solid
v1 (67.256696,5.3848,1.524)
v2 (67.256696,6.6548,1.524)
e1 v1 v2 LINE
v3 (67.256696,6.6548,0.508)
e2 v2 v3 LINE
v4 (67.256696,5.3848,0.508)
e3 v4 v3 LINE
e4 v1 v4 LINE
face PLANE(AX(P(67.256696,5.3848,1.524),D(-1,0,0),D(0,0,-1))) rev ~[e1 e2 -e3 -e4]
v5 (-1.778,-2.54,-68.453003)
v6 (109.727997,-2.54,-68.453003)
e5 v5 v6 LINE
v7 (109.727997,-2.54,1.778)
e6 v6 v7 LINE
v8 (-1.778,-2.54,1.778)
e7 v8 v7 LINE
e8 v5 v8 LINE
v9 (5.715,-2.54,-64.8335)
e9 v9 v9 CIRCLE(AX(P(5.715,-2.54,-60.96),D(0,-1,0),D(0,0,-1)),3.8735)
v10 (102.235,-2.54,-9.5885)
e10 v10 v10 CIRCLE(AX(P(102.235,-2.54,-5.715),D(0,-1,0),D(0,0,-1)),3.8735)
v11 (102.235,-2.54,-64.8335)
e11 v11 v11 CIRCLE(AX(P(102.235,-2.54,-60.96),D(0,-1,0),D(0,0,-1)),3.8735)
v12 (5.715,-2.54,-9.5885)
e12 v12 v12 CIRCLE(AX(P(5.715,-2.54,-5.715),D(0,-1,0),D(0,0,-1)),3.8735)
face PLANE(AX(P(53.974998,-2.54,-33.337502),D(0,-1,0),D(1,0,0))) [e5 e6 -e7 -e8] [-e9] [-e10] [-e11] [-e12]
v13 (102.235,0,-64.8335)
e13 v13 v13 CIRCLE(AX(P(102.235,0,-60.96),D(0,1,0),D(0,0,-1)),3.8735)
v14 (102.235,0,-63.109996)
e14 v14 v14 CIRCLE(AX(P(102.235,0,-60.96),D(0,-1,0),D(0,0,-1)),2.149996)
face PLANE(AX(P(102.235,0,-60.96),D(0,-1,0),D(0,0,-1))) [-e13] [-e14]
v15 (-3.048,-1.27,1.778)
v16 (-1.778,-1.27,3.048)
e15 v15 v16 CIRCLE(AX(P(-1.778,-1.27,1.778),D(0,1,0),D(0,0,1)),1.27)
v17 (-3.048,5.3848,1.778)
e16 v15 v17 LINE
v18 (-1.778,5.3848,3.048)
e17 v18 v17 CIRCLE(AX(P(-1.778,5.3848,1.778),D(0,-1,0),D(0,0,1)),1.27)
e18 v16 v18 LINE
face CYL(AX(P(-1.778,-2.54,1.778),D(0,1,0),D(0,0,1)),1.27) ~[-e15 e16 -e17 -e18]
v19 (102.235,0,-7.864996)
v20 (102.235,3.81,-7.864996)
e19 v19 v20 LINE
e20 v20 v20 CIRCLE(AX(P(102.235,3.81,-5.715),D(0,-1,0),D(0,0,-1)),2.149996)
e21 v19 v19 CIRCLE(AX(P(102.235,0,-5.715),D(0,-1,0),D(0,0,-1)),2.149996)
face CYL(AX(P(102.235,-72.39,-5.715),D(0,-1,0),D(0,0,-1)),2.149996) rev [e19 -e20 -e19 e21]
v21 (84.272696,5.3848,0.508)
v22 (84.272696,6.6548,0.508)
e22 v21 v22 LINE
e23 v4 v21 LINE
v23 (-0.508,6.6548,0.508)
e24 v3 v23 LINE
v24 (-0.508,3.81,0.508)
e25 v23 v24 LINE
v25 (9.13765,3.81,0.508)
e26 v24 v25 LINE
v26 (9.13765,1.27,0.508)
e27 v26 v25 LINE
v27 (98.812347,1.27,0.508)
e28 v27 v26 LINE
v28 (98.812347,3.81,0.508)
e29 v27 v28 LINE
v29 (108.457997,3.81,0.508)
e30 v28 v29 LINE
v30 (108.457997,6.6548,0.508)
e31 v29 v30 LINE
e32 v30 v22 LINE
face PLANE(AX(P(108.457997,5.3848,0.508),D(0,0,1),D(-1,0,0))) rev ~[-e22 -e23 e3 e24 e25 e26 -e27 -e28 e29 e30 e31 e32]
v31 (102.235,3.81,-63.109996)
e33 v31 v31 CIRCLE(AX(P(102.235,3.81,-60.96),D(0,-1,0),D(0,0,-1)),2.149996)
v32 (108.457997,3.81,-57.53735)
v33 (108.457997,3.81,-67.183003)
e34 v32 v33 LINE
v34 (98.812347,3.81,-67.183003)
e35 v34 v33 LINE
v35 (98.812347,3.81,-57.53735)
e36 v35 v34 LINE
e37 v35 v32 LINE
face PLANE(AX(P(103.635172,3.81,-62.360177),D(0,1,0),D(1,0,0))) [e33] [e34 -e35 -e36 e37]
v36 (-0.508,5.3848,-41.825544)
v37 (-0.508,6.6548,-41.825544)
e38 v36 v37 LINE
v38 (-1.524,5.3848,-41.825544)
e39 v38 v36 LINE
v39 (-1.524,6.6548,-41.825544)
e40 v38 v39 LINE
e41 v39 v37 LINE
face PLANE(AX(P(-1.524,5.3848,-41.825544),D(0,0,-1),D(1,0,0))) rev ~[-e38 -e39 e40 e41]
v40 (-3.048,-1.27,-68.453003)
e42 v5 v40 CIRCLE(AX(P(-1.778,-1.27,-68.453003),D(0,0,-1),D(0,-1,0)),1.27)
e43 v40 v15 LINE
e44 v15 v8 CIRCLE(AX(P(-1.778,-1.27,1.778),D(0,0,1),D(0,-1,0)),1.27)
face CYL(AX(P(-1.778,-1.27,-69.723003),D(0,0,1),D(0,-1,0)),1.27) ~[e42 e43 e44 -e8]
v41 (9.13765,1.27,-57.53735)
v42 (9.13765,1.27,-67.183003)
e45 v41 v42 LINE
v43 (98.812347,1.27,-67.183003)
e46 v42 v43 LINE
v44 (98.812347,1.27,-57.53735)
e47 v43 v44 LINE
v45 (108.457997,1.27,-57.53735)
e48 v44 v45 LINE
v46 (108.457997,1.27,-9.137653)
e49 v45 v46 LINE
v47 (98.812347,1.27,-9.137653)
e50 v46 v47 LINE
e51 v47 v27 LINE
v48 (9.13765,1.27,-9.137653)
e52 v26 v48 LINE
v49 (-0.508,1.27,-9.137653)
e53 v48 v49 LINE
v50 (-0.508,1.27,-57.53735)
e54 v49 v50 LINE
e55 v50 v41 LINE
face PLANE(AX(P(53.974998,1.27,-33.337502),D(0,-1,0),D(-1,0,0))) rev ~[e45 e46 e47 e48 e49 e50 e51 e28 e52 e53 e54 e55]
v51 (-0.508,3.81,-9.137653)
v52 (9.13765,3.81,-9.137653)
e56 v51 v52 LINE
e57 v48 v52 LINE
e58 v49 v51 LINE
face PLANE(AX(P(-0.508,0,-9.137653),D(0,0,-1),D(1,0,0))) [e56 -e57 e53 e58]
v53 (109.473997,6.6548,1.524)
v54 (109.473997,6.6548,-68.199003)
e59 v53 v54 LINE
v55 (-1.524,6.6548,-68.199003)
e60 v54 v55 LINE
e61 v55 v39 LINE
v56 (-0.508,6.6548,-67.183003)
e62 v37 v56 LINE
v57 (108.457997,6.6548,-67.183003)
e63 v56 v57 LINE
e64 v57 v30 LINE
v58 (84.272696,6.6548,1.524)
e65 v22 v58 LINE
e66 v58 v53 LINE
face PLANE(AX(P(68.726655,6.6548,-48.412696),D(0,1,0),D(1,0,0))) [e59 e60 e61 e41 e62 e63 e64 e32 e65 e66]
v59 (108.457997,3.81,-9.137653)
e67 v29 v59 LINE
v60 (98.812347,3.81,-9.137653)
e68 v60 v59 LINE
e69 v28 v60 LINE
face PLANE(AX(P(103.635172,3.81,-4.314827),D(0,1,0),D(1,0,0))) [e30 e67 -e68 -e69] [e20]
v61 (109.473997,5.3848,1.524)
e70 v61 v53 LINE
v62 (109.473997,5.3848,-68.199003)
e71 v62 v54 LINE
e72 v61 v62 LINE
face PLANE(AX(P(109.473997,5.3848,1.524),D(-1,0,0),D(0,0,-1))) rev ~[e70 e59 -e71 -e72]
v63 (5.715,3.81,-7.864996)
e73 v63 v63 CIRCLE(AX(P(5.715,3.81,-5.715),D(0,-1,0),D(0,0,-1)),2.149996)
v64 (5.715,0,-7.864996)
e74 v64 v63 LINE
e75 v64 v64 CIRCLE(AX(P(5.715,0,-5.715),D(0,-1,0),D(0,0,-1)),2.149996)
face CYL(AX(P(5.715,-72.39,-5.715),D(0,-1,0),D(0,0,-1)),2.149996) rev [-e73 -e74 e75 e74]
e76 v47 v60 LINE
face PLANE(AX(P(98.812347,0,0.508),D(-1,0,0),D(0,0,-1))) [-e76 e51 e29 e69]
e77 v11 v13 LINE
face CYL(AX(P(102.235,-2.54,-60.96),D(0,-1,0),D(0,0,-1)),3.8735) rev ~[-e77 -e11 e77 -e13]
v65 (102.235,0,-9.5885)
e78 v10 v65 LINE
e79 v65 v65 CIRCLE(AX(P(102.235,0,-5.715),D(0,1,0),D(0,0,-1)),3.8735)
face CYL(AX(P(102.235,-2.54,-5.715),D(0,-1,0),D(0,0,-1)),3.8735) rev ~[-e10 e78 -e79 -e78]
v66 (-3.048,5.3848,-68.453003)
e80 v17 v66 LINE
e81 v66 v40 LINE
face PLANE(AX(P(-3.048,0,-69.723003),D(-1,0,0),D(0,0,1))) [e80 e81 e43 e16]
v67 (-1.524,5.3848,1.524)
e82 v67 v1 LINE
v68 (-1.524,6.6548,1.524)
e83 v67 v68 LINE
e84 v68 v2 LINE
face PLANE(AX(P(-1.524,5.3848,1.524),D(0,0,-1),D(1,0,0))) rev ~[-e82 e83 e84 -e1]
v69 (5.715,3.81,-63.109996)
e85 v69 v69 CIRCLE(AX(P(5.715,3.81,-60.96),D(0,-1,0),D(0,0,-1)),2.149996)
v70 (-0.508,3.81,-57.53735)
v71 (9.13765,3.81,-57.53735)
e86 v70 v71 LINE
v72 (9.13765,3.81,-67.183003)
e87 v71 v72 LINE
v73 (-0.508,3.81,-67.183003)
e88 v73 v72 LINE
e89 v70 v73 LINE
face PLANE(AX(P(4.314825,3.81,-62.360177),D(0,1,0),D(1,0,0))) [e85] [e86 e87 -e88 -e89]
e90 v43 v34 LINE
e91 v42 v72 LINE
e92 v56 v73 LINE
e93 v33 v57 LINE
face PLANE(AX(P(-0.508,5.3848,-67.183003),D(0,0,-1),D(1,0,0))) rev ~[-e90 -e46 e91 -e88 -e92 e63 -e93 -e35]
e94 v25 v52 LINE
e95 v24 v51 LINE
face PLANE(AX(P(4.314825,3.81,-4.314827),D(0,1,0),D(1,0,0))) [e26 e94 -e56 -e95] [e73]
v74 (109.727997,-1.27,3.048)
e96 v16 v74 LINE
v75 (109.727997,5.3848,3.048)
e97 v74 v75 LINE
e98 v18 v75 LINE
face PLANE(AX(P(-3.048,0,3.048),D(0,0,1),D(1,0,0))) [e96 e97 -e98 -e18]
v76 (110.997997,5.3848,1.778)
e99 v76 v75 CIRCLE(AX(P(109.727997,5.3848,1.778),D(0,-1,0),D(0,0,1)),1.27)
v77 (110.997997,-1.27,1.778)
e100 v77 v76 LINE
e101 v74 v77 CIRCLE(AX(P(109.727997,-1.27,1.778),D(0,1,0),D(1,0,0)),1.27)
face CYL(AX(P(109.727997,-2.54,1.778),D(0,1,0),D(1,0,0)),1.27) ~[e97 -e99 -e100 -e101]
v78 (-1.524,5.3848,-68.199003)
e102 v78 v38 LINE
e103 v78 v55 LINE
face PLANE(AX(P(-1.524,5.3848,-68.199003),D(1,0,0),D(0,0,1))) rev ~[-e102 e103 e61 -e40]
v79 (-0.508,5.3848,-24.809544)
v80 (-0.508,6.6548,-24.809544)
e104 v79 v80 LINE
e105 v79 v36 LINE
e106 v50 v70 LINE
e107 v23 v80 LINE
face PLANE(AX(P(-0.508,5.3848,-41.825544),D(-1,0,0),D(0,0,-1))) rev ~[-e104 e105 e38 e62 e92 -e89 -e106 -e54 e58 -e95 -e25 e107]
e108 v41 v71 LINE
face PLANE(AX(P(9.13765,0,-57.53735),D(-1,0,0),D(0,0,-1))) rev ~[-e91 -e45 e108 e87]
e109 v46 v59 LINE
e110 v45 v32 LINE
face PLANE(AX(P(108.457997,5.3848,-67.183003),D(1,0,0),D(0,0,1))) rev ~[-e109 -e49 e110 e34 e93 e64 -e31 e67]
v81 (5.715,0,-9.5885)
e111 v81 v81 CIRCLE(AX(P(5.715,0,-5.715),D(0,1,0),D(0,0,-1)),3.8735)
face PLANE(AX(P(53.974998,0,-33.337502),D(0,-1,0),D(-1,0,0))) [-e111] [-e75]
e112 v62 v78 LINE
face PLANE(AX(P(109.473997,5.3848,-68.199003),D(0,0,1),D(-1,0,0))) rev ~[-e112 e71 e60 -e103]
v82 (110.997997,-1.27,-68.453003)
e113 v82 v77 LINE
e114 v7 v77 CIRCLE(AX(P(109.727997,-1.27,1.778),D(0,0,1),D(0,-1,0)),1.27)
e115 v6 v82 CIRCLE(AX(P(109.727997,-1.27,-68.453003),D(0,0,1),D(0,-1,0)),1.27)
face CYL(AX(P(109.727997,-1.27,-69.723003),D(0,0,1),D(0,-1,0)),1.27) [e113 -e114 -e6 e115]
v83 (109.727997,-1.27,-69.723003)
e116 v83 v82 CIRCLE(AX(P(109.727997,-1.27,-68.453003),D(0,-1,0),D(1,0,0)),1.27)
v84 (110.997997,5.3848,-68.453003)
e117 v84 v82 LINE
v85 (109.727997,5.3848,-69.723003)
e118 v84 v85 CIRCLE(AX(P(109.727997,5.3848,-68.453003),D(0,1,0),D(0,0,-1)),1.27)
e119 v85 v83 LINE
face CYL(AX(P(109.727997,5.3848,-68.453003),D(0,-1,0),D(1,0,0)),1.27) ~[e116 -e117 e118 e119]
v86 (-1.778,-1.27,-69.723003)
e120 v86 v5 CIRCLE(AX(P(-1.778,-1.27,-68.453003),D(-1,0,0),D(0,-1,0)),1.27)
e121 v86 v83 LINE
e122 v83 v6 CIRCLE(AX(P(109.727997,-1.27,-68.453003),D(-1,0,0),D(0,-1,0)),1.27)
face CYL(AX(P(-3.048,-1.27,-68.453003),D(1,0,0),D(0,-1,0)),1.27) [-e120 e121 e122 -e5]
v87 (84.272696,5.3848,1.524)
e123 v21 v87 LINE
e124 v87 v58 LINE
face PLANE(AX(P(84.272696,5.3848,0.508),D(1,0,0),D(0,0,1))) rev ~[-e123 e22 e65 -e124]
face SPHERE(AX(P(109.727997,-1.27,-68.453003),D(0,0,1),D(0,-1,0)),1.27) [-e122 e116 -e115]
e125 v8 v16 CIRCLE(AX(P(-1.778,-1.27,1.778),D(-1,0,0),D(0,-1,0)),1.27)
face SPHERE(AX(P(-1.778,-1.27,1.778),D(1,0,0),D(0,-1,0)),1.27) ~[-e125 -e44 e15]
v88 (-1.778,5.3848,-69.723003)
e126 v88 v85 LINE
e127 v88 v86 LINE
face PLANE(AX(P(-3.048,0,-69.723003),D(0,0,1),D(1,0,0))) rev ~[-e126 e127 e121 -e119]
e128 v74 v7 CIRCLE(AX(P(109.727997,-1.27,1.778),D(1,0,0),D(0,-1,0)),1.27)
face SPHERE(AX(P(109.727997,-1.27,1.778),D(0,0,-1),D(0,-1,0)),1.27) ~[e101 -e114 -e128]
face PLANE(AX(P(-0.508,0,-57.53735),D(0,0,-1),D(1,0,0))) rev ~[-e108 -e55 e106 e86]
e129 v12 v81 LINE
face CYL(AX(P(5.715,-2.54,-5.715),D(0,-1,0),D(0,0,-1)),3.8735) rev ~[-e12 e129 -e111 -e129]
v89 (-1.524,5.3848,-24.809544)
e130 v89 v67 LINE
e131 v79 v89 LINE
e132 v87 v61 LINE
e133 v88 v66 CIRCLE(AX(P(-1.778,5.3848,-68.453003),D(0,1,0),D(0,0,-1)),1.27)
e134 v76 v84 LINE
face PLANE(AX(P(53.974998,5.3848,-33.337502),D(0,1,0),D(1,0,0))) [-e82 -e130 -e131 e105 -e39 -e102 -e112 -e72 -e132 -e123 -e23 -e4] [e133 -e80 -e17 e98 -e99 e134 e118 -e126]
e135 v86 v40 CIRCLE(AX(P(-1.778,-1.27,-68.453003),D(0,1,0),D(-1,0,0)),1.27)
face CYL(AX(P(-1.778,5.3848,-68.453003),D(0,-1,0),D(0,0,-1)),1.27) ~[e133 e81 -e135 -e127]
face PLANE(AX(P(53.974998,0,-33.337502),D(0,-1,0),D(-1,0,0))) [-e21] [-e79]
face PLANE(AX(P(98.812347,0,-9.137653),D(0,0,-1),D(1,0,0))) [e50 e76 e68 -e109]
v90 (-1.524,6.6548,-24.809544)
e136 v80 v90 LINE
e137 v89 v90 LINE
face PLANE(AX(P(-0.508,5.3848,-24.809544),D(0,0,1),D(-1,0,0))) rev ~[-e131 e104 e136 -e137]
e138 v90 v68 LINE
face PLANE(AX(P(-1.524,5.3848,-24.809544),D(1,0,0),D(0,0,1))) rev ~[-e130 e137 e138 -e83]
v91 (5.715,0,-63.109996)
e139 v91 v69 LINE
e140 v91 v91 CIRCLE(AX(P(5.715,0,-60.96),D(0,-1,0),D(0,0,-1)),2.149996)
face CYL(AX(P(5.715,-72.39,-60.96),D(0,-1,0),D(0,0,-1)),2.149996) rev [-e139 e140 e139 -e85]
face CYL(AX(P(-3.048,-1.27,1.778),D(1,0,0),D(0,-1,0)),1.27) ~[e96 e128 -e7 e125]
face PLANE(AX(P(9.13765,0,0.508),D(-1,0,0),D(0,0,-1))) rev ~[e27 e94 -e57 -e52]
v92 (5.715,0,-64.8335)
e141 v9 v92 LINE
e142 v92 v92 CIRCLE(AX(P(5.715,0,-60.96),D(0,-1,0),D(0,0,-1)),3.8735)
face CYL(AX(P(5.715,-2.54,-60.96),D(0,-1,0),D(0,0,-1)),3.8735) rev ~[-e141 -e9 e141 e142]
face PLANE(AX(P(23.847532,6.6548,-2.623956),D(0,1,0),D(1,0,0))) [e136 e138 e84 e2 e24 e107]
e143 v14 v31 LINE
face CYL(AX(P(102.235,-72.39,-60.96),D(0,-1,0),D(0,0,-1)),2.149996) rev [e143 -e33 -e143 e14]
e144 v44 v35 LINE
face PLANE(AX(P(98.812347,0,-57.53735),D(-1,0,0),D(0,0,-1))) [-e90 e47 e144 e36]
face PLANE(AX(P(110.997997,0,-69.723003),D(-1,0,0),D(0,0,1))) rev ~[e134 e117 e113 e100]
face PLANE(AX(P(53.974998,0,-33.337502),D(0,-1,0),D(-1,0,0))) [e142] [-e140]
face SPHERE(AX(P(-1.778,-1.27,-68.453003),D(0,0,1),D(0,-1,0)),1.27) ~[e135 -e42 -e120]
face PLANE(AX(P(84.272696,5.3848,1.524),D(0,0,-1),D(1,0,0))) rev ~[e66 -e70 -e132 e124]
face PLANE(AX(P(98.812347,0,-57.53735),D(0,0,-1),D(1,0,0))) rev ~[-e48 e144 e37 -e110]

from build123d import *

# Parameters (mm, degrees)
SKETCH1_W               = 114.045996948
SKETCH1_H               = 72.771003052
SKETCH1_W_2             = 108.965996948
SKETCH1_H_2             = 67.691003052
BOSS_EXTRUDE1_DEPTH     = 5.3848
SKETCH2_W               = 114.045996948
SKETCH2_H               = 72.771003052
BOSS_EXTRUDE2_DEPTH     = 2.54
SKETCH3_W               = 9.64565
SKETCH3_H               = 9.645653052
BOSS_EXTRUDE3_DEPTH     = 3.81
CUT_EXTRUDE1_DEPTH      = 132.233284578
CUT_EXTRUDE1_DEPTH_BACK = 76.2
SKETCH4_R               = 2.1499957
SKETCH5_R               = 3.8735
CUT_EXTRUDE2_DEPTH      = 2.54
BOSS_EXTRUDE4_DEPTH     = 1.27
BOSS_EXTRUDE5_DEPTH     = 1.27
FILLET1_R               = 1.27


with BuildPart() as part:
    # Sketch1 → Boss-Extrude1 (new body)
    with BuildSketch(Plane(origin=(0, 0, 0), x_dir=(1, 0, 0), z_dir=(0, 1, 0))):
        with Locations((53.974998474, 33.337501526)):
            Rectangle(SKETCH1_W, SKETCH1_H)
        with Locations((53.974998474, 33.337501526)):
            Rectangle(SKETCH1_W_2, SKETCH1_H_2, mode=Mode.SUBTRACT)
    extrude(amount=BOSS_EXTRUDE1_DEPTH)

    # Sketch2 → Boss-Extrude2 (add)
    with BuildSketch(Plane.XZ):
        with Locations((53.974998474, -33.337501526)):
            Rectangle(SKETCH2_W, SKETCH2_H)
    extrude(amount=BOSS_EXTRUDE2_DEPTH)

    # Sketch3 → Boss-Extrude3 (add)
    with BuildSketch(Plane(origin=(0, 0, 0), x_dir=(1, 0, 0), z_dir=(0, 1, 0))):
        with Locations((4.314825, 62.360176526)):
            Rectangle(SKETCH3_W, SKETCH3_H)
        with Locations((103.635171948, 62.360176526)):
            Rectangle(SKETCH3_W, SKETCH3_H)
        with Locations((103.635171948, 4.314826526)):
            Rectangle(SKETCH3_W, SKETCH3_H)
        with Locations((4.314825, 4.314826526)):
            Rectangle(SKETCH3_W, SKETCH3_H)
    extrude(amount=BOSS_EXTRUDE3_DEPTH)

    # Sketch4 → Cut-Extrude1 (cut, two sides: drawn at the far end of the back side and taken through both)
    with BuildSketch(Plane(origin=(0, 3.81, 0), x_dir=(1, 0, 0), z_dir=(0, 1, 0)).offset(-CUT_EXTRUDE1_DEPTH_BACK)):
        with Locations(Location((5.715, 60.96, 0), (0, 0, 90))):
            Circle(SKETCH4_R)
        with Locations(Location((5.715, 5.715, 0), (0, 0, 90))):
            Circle(SKETCH4_R)
        with Locations(Location((102.235, 5.715, 0), (0, 0, 90))):
            Circle(SKETCH4_R)
        with Locations(Location((102.235, 60.96, 0), (0, 0, 90))):
            Circle(SKETCH4_R)
    extrude(amount=CUT_EXTRUDE1_DEPTH + CUT_EXTRUDE1_DEPTH_BACK, mode=Mode.SUBTRACT)

    # Sketch5 → Cut-Extrude2 (cut)
    with BuildSketch(Plane.XZ.offset(2.54)):
        with Locations(Location((5.715, -60.96, 0), (0, 0, 270))):
            Circle(SKETCH5_R)
        with Locations(Location((5.715, -5.715, 0), (0, 0, 270))):
            Circle(SKETCH5_R)
        with Locations(Location((102.235, -60.96, 0), (0, 0, 270))):
            Circle(SKETCH5_R)
        with Locations(Location((102.235, -5.715, 0), (0, 0, 270))):
            Circle(SKETCH5_R)
    extrude(amount=-CUT_EXTRUDE2_DEPTH, mode=Mode.SUBTRACT)

    # Sketch6 → Boss-Extrude4 (add)
    with BuildSketch(Plane(origin=(0, 0, 0), x_dir=(1, 0, 0), z_dir=(0, 1, 0))):
        Polygon((9.13765, 67.183003052), (98.812346948, 67.183003052), (98.812346948, 57.53735), (108.457996948, 57.53735), (108.457996948, 9.137653052), (98.812346948, 9.137653052), (98.812346948, -0.508), (9.13765, -0.508), (9.13765, 9.137653052), (-0.508, 9.137653052), (-0.508, 57.53735), (9.13765, 57.53735), align=None)
    extrude(amount=BOSS_EXTRUDE4_DEPTH)

    # Sketch7 → Boss-Extrude5 (add)
    with BuildSketch(Plane(origin=(0, 5.3848, 0), x_dir=(1, 0, 0), z_dir=(0, 1, 0))):
        Polygon((-0.508, 67.183003052), (108.457996948, 67.183003052), (108.457996948, -0.508), (84.272696176, -0.508), (84.272696176, -1.524), (109.473996948, -1.524), (109.473996948, 68.199003052), (-1.524, 68.199003052), (-1.524, 41.825543933), (-0.508, 41.825543933), align=None)
        Polygon((-0.508, -0.508), (-0.508, 24.809543933), (-1.524, 24.809543933), (-1.524, -1.524), (67.256696176, -1.524), (67.256696176, -0.508), align=None)
    extrude(amount=BOSS_EXTRUDE5_DEPTH)

    # Fillet1
    fillet1_edges = [part.edges().sort_by_distance(p)[0] for p in [
        (110.997996948, -2.54, -33.337501526),
        (53.974998474, -2.54, 3.048),
        (-3.048, -2.54, -33.337501526),
        (53.974998474, -2.54, -69.723003052),
        (-3.048, 1.4224, -69.723003052),
        (110.997996948, 1.4224, -69.723003052),
        (110.997996948, 1.4224, 3.048),
        (-3.048, 1.4224, 3.048),
    ]]
    fillet(fillet1_edges, radius=FILLET1_R)


solid = part.part
